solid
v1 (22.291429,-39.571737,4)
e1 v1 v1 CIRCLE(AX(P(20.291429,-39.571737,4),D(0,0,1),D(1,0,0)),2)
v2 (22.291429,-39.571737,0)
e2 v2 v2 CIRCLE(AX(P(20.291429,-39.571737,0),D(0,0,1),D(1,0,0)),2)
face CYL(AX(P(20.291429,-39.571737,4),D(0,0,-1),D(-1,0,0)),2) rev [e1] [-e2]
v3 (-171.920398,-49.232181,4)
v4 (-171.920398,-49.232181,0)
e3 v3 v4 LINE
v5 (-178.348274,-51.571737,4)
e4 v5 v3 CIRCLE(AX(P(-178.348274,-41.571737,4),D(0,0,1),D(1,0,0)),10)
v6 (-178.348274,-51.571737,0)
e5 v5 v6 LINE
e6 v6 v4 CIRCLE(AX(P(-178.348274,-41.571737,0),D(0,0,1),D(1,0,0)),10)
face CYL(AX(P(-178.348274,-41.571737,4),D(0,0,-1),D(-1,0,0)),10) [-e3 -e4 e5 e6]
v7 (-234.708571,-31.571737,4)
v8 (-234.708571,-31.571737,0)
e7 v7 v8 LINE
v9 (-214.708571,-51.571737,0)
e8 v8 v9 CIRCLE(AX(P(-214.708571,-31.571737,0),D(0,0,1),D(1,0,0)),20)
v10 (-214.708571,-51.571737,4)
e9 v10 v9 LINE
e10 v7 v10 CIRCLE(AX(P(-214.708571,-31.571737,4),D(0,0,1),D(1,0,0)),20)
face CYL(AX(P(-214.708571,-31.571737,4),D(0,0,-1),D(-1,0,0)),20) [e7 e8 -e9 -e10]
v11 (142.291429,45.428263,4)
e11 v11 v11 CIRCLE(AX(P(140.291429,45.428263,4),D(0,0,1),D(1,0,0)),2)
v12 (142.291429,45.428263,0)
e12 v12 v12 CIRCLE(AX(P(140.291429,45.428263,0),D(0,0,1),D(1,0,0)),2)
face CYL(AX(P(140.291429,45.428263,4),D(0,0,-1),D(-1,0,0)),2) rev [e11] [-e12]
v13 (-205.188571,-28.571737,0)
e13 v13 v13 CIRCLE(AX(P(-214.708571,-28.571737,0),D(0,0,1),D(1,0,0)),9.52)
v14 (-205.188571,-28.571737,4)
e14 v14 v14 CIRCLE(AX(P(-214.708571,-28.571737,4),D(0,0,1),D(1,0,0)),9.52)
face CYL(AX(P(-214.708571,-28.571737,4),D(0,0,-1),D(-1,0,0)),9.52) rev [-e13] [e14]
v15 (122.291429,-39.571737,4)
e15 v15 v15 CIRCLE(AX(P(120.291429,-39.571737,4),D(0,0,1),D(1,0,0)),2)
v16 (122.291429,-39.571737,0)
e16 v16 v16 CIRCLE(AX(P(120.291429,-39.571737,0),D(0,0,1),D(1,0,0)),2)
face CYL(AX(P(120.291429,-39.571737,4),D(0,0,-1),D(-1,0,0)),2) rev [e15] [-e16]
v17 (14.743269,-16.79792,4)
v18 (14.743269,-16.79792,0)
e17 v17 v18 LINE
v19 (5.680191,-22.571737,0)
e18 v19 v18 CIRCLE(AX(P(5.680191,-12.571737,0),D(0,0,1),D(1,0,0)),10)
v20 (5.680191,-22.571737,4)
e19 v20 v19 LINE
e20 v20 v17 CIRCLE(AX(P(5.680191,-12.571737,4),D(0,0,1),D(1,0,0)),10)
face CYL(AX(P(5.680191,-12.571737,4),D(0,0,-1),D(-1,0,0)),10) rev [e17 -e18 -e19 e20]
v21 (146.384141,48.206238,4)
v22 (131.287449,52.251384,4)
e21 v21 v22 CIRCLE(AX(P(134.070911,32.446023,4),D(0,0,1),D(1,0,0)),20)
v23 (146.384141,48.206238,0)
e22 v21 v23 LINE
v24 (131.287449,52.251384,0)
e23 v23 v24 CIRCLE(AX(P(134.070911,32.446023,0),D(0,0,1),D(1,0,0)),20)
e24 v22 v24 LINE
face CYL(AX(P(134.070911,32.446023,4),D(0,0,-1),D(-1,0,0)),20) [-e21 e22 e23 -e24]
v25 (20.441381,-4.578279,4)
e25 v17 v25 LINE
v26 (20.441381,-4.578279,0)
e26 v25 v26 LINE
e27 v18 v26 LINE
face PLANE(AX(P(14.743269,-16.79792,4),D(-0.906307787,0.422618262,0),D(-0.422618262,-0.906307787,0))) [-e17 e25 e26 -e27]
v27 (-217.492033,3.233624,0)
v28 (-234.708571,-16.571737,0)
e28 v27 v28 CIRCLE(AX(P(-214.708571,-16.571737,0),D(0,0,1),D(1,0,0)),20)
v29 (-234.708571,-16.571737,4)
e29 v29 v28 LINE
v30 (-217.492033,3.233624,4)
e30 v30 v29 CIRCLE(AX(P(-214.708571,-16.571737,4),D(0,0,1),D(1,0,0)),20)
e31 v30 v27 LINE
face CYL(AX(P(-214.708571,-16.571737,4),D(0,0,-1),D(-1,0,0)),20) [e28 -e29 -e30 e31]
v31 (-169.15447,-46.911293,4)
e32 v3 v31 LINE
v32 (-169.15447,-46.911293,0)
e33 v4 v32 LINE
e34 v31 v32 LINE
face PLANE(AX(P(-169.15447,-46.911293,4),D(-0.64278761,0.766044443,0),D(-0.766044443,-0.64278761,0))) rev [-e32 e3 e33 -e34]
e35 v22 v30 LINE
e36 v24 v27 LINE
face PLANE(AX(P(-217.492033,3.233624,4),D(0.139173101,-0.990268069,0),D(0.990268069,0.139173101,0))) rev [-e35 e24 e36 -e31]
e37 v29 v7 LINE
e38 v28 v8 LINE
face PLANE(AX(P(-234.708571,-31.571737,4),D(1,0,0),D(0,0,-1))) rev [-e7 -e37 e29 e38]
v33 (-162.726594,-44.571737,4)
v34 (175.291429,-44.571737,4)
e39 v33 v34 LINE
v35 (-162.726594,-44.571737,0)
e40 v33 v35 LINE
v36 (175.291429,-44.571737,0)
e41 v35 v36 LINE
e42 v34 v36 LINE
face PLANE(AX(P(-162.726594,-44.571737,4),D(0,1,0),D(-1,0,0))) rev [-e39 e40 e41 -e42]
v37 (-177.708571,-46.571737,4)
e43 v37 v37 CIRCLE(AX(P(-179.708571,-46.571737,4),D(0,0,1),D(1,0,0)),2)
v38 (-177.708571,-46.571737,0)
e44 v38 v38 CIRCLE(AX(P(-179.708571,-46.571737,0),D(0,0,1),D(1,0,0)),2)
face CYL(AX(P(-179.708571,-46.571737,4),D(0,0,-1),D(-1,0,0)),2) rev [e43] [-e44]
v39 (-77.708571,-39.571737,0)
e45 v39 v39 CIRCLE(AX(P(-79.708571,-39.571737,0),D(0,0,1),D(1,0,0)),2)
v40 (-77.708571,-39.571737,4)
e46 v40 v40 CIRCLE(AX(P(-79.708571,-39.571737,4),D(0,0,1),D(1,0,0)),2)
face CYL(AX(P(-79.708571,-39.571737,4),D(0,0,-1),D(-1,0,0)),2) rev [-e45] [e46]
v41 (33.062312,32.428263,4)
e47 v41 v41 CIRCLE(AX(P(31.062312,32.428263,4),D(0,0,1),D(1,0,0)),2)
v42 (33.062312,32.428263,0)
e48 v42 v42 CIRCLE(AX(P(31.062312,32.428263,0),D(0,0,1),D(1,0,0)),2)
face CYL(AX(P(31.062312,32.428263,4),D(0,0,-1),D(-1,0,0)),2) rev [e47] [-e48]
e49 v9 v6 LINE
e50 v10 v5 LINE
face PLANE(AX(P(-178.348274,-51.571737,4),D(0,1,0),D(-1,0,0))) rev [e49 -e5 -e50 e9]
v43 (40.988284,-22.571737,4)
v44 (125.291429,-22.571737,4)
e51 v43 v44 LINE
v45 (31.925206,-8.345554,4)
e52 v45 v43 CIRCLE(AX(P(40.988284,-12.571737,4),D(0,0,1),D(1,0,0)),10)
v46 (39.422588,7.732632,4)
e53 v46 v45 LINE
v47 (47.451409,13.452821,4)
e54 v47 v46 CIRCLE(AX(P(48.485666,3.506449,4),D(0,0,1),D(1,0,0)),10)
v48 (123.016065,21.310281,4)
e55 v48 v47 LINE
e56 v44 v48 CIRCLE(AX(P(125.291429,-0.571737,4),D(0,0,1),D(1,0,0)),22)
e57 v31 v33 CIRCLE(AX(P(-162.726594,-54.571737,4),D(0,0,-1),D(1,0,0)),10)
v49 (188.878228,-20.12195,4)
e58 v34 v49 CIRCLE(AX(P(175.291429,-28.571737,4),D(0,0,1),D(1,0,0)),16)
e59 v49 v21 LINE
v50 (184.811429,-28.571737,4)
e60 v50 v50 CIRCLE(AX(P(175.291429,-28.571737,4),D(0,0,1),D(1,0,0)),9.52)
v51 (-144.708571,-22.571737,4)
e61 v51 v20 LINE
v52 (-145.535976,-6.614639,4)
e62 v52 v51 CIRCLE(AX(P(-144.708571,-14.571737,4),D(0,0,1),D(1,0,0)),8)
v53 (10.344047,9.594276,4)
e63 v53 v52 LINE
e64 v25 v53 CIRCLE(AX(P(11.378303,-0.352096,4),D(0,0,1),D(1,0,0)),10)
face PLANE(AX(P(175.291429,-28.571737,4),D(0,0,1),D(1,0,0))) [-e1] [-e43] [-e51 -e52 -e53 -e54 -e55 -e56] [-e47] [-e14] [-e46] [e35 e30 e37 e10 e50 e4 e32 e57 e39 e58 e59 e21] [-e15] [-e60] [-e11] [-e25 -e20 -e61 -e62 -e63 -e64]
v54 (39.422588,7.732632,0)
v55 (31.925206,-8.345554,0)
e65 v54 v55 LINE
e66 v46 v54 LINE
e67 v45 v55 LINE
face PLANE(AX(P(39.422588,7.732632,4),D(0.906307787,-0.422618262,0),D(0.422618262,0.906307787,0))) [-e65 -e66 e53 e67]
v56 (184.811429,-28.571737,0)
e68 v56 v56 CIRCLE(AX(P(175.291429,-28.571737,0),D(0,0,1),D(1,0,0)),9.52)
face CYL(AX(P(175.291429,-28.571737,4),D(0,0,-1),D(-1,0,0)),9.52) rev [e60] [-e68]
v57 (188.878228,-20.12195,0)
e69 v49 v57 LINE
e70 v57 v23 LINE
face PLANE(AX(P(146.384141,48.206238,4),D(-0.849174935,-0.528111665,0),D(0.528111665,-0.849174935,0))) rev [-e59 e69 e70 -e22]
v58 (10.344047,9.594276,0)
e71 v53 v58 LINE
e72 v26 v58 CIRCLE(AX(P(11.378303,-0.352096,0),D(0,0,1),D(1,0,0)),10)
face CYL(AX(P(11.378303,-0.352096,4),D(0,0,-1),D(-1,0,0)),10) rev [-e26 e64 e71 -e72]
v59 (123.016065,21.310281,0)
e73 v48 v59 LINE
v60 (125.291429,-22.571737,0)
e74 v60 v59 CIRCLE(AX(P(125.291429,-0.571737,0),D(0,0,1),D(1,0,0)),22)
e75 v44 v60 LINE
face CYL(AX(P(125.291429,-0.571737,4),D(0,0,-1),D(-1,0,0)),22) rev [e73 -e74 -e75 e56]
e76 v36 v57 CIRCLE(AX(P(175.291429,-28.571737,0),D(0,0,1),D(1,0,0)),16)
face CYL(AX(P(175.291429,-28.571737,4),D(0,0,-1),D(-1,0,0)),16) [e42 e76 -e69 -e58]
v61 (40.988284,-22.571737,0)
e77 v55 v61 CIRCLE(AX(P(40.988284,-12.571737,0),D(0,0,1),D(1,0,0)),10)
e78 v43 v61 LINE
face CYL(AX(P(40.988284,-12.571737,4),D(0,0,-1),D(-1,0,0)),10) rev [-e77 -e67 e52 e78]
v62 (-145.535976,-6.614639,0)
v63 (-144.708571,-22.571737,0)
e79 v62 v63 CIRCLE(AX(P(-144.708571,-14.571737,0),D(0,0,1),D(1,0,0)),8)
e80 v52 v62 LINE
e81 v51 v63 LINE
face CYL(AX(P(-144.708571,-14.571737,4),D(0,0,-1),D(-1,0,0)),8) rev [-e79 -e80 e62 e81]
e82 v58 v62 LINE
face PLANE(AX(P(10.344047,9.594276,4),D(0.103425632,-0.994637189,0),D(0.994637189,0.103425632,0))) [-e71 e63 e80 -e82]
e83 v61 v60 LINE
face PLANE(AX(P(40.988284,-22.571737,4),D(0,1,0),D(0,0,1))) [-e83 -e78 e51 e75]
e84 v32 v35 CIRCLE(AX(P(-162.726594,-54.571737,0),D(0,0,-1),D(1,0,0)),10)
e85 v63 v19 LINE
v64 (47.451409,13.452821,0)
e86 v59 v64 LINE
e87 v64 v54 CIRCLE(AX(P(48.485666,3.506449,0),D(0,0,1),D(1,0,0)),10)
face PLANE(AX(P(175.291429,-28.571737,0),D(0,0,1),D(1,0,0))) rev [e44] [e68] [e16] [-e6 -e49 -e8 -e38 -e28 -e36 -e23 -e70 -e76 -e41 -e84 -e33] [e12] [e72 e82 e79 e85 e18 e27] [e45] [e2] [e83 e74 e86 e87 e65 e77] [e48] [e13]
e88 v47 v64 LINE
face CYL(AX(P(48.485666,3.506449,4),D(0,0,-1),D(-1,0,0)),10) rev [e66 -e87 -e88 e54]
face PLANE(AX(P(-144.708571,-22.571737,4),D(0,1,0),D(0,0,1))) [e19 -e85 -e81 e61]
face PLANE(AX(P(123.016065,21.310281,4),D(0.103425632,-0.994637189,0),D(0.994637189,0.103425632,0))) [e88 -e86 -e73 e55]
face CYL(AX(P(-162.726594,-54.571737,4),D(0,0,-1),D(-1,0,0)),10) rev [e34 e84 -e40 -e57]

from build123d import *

# Parameters (mm, degrees)
SKETCH_1_R      = 2
SKETCH_1_R_2    = 9.52
EXTRUDE_1_DEPTH = 4


with BuildPart() as part:
    # 草图1 → 凸台-拉伸1 (new body)
    with BuildSketch(Plane.XY):
        with BuildLine():
            Line((-217.492033448, 3.233624406), (131.287449442, 52.251384058))
            ThreePointArc((131.287449442, 52.251384058), (139.247292364, 51.764539209), (146.384140968, 48.206237756))
            Line((146.384140968, 48.206237756), (188.878227524, -20.121950331))
            ThreePointArc((188.878227524, -20.121950331), (189.277074538, -36.343590473), (175.291428571, -44.571736969))
            Line((175.291428571, -44.571736969), (-162.726593938, -44.571736969))
            ThreePointArc((-162.726593938, -44.571736969), (-166.146795371, -45.174810761), (-169.154470035, -46.911292538))
            Line((-169.154470035, -46.911292538), (-171.920397674, -49.2321814))
            ThreePointArc((-171.920397674, -49.2321814), (-174.928072338, -50.968663177), (-178.348273771, -51.571736969))
            Line((-178.348273771, -51.571736969), (-214.708571429, -51.571736969))
            ThreePointArc((-214.708571429, -51.571736969), (-228.850707052, -45.713872593), (-234.708571429, -31.571736969))
            Line((-234.708571429, -31.571736969), (-234.708571429, -16.571736969))
            ThreePointArc((-234.708571429, -16.571736969), (-229.802763033, -3.450556389), (-217.492033448, 3.233624406))
        make_face()
        with Locations((120.291428571, -39.571736969)):
            Circle(SKETCH_1_R, mode=Mode.SUBTRACT)
        with Locations((31.062311574, 32.428263031)):
            Circle(SKETCH_1_R, mode=Mode.SUBTRACT)
        with Locations((175.291428571, -28.571736969)):
            Circle(SKETCH_1_R_2, mode=Mode.SUBTRACT)
        with Locations((-79.708571429, -39.571736969)):
            Circle(SKETCH_1_R, mode=Mode.SUBTRACT)
        with Locations((-214.708571429, -28.571736969)):
            Circle(SKETCH_1_R_2, mode=Mode.SUBTRACT)
        with Locations((140.291428571, 45.428263031)):
            Circle(SKETCH_1_R, mode=Mode.SUBTRACT)
        with Locations((-179.708571429, -46.571736969)):
            Circle(SKETCH_1_R, mode=Mode.SUBTRACT)
        with Locations((20.291428571, -39.571736969)):
            Circle(SKETCH_1_R, mode=Mode.SUBTRACT)
        with BuildLine():
            Line((40.988284343, -22.571736969), (125.291428571, -22.571736969))
            ThreePointArc((125.291428571, -22.571736969), (147.261913315, 0.567473351), (123.016064666, 21.310281199))
            Line((123.016064666, 21.310281199), (47.451409263, 13.452820882))
            ThreePointArc((47.451409263, 13.452820882), (42.683150544, 11.650822458), (39.422587713, 7.732631605))
            Line((39.422587713, 7.732631605), (31.925206472, -8.345554352))
            ThreePointArc((31.925206472, -8.345554352), (32.554369884, -17.944733053), (40.988284343, -22.571736969))
        make_face(mode=Mode.SUBTRACT)
        with BuildLine():
            Line((-144.708571429, -22.571736969), (5.680190936, -22.571736969))
            ThreePointArc((5.680190936, -22.571736969), (11.053187019, -21.005651427), (14.743268806, -16.797919586))
            Line((14.743268806, -16.797919586), (20.441380932, -4.578278698))
            ThreePointArc((20.441380932, -4.578278698), (19.522676532, 5.450418959), (10.344046742, 9.594275814))
            Line((10.344046742, 9.594275814), (-145.535976485, -6.614639453))
            ThreePointArc((-145.535976485, -6.614639453), (-152.697838608, -14.985995267), (-144.708571429, -22.571736969))
        make_face(mode=Mode.SUBTRACT)
    extrude(amount=EXTRUDE_1_DEPTH)


solid = part.part
